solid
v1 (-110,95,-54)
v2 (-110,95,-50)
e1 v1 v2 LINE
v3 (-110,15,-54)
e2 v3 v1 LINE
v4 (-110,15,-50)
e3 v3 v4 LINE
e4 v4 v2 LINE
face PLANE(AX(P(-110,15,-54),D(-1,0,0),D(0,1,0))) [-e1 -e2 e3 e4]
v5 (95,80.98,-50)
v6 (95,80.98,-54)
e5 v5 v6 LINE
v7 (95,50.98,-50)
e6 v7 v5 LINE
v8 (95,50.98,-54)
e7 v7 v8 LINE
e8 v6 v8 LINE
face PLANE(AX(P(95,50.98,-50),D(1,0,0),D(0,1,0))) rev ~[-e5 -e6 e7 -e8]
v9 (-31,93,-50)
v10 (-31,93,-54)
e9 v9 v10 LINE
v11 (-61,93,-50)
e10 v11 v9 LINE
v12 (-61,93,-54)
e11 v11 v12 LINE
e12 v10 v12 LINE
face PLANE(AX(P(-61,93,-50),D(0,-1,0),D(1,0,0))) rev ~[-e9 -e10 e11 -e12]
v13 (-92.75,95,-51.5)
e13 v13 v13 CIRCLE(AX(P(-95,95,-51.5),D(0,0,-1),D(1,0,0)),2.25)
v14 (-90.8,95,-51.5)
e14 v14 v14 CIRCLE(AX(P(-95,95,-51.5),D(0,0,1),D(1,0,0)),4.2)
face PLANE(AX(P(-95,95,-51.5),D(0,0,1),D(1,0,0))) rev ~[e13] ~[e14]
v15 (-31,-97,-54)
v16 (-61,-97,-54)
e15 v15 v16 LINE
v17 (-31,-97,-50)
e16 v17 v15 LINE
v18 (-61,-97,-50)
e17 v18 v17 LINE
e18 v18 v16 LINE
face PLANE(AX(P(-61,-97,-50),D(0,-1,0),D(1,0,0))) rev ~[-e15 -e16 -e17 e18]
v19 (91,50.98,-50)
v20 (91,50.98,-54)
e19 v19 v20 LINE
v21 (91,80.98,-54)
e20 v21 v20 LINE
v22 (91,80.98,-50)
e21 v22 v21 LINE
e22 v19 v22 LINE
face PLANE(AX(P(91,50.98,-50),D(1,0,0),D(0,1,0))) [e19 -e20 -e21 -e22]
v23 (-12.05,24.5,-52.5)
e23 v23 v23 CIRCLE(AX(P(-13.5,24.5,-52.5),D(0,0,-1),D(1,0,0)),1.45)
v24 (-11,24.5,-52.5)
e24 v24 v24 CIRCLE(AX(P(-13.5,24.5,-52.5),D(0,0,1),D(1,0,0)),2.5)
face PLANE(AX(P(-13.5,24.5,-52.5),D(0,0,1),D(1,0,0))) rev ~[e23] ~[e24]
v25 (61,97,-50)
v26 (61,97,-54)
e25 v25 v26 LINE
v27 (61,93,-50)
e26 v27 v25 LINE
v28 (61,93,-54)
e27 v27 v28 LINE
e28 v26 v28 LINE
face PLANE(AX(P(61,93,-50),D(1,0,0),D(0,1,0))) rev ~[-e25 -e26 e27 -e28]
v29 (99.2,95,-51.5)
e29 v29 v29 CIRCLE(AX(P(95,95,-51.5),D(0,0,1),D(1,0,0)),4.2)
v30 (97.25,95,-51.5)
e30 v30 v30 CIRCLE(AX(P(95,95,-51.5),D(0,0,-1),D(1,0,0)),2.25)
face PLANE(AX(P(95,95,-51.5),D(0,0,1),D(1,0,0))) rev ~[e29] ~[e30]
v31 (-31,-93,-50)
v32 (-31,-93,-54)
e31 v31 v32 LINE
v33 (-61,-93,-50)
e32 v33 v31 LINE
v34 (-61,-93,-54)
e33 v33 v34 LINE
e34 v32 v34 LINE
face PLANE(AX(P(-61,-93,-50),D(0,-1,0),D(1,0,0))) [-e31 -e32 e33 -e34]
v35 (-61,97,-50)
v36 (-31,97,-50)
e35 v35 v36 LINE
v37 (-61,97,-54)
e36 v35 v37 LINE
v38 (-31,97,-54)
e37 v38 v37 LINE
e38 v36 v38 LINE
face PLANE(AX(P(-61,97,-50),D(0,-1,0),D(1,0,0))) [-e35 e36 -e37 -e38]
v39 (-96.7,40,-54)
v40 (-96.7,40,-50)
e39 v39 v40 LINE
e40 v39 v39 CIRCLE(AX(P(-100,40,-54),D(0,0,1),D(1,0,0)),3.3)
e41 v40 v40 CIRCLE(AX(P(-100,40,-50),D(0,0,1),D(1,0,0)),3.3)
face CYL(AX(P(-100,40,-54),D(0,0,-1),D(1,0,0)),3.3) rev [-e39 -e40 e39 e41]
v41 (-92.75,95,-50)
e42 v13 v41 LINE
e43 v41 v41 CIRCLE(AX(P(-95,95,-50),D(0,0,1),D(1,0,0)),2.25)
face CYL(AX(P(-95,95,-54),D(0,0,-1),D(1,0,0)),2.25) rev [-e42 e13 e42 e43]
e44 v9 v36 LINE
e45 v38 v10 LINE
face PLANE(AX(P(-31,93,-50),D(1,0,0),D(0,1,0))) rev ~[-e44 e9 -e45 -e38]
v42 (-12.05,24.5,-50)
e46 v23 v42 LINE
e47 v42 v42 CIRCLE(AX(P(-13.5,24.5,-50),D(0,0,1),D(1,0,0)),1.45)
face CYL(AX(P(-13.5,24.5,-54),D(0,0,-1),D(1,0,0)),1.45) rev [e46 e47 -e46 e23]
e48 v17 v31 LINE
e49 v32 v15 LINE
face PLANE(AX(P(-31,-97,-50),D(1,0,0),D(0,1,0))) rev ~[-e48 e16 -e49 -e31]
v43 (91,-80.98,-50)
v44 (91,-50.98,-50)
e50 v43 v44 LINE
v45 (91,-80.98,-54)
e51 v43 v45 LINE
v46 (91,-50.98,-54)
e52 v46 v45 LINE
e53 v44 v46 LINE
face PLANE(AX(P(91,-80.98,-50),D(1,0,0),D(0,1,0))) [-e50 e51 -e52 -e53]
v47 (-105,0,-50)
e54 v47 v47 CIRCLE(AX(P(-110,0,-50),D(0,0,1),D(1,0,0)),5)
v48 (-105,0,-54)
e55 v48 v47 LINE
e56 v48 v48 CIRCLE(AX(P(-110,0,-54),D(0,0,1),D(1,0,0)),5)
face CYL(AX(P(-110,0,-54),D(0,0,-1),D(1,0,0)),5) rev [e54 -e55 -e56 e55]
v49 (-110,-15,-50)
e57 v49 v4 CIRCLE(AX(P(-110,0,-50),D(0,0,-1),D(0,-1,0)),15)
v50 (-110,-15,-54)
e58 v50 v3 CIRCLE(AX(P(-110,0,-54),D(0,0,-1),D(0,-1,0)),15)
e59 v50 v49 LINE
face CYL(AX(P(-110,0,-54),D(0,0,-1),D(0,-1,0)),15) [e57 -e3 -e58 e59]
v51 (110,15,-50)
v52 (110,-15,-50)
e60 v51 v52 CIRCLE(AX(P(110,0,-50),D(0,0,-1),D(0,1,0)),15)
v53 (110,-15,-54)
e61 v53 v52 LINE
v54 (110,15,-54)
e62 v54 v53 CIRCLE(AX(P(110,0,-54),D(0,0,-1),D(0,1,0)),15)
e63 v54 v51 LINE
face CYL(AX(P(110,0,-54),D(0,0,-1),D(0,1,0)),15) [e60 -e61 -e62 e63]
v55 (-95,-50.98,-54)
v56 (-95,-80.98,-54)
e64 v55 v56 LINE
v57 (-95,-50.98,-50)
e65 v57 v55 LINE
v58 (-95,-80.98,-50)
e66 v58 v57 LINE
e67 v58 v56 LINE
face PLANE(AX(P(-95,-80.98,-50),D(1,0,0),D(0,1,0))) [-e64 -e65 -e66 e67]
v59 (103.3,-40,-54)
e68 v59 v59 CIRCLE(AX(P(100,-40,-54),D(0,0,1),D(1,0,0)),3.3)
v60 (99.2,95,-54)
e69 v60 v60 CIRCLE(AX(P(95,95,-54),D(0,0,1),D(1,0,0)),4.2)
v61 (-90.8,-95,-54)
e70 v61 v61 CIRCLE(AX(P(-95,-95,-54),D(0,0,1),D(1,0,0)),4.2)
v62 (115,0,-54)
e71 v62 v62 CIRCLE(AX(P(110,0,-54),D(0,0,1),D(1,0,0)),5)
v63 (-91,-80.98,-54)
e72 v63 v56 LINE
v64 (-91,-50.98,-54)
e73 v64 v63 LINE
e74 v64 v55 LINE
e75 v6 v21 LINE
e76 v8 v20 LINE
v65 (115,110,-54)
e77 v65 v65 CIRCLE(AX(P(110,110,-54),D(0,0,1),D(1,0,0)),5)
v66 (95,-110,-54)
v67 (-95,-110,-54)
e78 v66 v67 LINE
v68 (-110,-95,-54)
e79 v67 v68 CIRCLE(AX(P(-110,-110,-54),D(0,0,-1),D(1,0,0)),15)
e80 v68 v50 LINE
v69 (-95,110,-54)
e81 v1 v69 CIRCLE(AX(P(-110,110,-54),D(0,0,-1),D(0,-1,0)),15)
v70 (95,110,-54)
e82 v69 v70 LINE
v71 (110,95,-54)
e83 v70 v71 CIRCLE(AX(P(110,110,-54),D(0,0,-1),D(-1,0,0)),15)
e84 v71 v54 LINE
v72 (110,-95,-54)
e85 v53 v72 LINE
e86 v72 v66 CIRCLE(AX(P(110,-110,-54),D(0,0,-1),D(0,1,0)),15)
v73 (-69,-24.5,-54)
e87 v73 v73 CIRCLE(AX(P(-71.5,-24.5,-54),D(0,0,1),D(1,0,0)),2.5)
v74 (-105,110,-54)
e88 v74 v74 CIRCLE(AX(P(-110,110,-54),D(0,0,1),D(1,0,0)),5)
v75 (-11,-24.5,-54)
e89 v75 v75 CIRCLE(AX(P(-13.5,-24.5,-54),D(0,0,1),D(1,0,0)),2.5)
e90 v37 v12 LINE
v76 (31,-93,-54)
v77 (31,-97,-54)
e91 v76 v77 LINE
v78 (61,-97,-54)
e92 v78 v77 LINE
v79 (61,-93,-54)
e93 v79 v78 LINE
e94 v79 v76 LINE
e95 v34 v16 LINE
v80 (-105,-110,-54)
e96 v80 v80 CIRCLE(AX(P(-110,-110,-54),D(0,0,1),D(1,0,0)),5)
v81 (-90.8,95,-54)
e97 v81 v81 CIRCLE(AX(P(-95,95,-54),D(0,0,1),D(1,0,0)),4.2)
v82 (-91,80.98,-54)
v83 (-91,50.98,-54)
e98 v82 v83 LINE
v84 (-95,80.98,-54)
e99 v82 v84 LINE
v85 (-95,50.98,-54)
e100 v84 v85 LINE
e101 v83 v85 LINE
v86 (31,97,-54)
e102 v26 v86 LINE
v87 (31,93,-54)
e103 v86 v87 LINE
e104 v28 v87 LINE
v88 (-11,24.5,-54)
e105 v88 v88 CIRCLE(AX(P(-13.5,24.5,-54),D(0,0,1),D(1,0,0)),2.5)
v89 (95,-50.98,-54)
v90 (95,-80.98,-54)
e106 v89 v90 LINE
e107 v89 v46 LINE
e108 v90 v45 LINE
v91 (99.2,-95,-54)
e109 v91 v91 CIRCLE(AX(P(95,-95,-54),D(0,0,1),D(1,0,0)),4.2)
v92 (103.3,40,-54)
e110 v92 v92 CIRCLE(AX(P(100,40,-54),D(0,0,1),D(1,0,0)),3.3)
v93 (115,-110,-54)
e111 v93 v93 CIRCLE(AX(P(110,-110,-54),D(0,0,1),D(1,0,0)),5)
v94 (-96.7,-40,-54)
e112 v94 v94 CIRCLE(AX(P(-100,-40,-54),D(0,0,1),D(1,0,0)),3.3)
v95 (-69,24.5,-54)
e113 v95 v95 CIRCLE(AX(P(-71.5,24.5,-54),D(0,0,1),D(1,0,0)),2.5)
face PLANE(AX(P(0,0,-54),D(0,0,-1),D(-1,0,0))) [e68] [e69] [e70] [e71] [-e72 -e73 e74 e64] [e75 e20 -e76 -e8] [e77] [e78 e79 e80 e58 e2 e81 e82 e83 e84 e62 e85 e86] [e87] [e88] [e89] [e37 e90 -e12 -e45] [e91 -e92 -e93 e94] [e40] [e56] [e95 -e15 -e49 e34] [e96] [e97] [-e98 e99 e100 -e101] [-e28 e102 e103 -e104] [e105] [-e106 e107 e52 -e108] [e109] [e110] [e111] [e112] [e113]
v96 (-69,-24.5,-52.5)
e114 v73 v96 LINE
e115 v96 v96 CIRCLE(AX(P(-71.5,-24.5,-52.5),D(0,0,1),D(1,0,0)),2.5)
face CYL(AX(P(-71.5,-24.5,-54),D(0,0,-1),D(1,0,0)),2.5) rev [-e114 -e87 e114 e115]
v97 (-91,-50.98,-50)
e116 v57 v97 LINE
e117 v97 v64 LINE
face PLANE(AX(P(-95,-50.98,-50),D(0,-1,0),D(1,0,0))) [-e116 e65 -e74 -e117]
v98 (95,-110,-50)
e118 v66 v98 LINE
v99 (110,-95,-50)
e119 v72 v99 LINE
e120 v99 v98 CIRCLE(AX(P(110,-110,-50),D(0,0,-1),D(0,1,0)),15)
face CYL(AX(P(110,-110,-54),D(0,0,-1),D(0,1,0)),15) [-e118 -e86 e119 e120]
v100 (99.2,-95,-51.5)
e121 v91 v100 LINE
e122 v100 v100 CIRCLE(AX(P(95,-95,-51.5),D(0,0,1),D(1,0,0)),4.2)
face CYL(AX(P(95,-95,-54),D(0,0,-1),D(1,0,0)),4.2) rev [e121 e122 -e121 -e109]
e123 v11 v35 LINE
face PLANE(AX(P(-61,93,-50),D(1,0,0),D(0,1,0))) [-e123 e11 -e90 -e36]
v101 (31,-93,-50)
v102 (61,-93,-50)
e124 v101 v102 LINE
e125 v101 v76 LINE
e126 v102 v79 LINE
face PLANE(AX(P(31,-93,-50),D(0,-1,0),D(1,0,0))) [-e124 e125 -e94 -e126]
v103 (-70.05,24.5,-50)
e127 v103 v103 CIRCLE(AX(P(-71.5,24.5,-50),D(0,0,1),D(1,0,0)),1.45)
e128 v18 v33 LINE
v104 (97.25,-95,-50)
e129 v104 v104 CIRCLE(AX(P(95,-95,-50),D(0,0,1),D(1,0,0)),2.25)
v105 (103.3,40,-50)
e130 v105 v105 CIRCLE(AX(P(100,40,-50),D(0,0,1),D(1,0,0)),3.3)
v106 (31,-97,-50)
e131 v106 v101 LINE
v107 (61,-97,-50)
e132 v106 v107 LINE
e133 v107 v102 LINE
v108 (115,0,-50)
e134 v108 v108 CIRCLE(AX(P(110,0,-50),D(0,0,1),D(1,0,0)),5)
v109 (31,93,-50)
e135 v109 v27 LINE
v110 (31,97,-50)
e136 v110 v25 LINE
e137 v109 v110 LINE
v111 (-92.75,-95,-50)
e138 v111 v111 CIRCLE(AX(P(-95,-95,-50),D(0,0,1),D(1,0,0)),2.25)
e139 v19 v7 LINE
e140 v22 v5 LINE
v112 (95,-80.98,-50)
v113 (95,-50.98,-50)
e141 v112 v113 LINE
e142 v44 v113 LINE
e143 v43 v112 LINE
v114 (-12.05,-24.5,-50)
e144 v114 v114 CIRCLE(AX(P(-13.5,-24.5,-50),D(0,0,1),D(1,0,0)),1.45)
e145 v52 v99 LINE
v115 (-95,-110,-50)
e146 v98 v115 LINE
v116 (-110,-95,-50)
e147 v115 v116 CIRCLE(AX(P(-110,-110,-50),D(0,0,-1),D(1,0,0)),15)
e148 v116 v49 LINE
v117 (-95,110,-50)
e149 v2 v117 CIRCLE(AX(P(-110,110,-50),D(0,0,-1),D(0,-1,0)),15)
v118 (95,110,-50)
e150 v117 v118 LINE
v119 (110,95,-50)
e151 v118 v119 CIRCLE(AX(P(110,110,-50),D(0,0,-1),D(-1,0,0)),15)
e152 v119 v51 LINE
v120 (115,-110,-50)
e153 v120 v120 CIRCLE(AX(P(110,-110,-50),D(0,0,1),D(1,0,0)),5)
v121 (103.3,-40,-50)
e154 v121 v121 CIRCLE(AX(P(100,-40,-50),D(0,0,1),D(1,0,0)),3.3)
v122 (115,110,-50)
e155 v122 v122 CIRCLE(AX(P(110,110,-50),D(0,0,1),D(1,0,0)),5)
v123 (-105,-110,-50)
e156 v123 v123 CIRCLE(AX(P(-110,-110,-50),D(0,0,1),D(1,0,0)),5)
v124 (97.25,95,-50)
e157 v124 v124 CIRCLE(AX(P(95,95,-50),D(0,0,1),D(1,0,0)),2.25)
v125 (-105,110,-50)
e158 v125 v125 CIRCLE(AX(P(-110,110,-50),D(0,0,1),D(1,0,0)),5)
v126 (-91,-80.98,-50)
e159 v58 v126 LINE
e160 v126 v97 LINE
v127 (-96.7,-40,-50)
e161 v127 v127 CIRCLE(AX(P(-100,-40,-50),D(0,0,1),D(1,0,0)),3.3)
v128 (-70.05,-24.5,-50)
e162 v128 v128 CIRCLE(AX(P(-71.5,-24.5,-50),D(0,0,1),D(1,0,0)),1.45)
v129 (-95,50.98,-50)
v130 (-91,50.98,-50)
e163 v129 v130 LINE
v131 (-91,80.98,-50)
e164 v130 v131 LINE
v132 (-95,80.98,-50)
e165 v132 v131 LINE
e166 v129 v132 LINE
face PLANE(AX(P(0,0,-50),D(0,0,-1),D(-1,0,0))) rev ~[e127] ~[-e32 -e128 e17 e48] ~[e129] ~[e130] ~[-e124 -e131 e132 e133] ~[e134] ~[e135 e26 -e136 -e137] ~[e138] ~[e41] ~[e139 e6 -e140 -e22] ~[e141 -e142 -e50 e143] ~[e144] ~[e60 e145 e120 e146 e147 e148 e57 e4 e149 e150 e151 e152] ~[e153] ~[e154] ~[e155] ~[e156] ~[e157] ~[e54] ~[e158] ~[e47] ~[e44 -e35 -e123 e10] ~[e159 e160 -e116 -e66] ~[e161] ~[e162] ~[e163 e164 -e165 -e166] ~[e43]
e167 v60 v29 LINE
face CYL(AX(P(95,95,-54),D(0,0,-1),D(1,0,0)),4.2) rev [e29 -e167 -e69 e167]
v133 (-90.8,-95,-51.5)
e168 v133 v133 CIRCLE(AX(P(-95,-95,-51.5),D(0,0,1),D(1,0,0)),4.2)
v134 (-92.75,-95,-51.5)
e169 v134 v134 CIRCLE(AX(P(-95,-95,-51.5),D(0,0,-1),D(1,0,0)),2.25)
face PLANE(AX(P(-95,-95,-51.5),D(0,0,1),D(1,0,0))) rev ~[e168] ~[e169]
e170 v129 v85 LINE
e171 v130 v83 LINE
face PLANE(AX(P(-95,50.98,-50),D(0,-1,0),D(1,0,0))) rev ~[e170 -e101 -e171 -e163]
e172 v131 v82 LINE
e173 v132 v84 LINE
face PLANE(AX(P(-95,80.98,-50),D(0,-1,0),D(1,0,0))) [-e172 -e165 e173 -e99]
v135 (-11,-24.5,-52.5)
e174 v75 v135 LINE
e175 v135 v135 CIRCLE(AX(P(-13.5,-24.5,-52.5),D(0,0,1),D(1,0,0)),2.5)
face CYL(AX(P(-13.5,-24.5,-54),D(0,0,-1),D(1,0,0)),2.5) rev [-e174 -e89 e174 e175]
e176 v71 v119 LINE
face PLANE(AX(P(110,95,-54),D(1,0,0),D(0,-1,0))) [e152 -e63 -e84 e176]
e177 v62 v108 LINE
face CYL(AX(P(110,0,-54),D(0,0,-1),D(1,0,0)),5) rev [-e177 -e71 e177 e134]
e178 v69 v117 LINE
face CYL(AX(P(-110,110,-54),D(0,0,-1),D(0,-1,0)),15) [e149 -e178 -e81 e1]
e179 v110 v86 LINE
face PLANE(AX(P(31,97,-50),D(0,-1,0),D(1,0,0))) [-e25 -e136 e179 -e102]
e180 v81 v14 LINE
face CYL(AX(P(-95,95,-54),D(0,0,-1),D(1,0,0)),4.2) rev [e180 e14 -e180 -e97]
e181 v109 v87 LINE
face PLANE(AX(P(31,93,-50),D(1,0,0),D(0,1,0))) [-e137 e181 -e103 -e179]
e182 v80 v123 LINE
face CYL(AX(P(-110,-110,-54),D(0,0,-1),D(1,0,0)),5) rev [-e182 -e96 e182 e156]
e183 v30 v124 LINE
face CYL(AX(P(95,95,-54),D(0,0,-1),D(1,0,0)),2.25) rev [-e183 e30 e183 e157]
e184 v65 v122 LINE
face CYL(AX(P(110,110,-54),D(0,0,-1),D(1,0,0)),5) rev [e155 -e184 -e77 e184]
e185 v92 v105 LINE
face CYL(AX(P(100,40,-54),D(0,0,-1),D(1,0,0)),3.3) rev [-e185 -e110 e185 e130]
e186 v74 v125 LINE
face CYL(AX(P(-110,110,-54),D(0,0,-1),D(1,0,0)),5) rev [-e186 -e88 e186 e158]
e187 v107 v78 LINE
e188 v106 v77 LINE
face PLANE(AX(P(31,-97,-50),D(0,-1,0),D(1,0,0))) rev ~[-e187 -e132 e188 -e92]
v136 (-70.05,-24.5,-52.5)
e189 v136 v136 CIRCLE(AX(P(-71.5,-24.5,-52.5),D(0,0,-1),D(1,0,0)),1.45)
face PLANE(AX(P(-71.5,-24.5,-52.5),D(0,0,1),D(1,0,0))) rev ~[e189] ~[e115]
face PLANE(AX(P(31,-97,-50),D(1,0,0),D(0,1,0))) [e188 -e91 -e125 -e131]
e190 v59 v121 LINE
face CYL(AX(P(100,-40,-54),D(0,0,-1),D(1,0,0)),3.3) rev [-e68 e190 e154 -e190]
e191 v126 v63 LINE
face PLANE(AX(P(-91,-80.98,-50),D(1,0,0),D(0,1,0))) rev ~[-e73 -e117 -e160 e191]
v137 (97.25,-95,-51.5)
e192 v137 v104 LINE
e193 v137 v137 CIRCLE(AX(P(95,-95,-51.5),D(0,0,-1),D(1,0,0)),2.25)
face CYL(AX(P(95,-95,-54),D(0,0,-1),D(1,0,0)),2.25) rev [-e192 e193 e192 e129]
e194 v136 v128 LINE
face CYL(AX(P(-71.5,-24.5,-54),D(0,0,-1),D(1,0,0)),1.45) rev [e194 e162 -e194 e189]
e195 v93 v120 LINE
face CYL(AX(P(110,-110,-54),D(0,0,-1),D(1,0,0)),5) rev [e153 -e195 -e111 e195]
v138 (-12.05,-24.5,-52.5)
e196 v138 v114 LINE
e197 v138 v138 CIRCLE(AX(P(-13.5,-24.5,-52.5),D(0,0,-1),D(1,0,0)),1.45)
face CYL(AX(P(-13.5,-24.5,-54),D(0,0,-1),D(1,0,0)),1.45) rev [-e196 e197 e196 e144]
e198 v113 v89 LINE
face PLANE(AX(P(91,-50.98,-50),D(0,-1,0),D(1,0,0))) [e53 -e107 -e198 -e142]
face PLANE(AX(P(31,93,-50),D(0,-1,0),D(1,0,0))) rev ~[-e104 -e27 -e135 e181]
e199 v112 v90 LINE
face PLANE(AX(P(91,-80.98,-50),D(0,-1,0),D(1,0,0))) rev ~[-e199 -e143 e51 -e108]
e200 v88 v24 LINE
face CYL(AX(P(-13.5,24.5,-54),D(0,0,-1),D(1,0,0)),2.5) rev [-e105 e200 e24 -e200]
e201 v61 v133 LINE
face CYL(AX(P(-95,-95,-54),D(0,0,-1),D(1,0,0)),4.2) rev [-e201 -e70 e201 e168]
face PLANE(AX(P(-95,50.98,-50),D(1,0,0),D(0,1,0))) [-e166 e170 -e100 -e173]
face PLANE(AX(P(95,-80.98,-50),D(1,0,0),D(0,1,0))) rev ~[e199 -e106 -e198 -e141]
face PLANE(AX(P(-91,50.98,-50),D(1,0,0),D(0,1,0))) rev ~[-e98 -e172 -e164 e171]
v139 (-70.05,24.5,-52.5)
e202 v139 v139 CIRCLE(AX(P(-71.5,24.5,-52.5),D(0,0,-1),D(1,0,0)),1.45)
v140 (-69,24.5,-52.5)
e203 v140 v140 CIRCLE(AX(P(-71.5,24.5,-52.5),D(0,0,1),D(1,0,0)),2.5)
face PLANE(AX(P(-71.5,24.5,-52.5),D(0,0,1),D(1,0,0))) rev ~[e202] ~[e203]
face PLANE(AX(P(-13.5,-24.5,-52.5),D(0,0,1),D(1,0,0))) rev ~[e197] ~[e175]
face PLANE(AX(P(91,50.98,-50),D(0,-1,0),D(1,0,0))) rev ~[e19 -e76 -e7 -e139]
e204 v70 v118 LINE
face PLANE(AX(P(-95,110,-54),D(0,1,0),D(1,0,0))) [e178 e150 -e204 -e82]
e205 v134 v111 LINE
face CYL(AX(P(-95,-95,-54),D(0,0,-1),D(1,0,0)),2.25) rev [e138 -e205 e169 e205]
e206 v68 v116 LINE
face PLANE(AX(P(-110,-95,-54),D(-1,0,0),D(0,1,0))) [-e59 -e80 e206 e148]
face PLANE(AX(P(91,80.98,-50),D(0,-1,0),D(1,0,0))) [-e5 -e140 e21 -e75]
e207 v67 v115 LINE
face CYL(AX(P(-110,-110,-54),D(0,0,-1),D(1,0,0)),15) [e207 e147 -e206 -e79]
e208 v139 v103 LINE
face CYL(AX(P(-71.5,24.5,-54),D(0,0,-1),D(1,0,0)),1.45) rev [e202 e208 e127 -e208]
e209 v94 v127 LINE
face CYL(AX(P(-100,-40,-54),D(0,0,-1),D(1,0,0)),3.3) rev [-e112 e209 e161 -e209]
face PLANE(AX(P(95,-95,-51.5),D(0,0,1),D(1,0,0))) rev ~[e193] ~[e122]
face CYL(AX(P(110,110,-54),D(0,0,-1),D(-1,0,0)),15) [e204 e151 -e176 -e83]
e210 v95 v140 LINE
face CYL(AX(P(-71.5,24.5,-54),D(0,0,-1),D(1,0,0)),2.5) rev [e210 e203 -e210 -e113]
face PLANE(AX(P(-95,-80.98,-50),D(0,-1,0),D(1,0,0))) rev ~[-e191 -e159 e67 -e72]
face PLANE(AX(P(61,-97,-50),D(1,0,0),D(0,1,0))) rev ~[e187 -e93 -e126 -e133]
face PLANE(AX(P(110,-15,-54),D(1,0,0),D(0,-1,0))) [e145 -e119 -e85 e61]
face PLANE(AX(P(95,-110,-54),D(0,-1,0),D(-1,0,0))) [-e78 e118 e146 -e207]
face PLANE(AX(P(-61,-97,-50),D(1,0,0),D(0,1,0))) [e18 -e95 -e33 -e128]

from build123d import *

# Parameters (mm, degrees)
FONDO_START                   = -54
SK_FONDO_R                    = 5
FONDO_DEPTH                   = 4
PASANTES_M4_SEPARADORES_START = -54
SK_PASANTES_M4_SEPARADORES_R  = 2.25
PASANTES_M4_SEPARADORES_DEPTH = 4
AVELLANADO_M4_START           = -54
SK_AVELLANADO_M4_R            = 4.2
AVELLANADO_M4_DEPTH           = 2.5
PASANTES_M2_5_RPI_START       = -54
SK_PASANTES_M2_5_RPI_R        = 1.45
PASANTES_M2_5_RPI_DEPTH       = 4
AVELLANADO_M2_5_START         = -54
SK_AVELLANADO_M2_5_R          = 2.5
AVELLANADO_M2_5_DEPTH         = 1.5
AGUJEROS_ANCLAJE_START        = -54
SK_AGUJEROS_ANCLAJE_R         = 3.3
AGUJEROS_ANCLAJE_DEPTH        = 4
CROQUIS3_W                    = 30
CROQUIS3_H                    = 4
CROQUIS3_W_2                  = 4
CROQUIS3_H_2                  = 30
CORTAR_EXTRUIR1_DEPTH         = 177.821944339


with BuildPart() as part:
    # Sk_Fondo → Fondo (new body)
    with BuildSketch(Plane.XY.offset(FONDO_START)):
        with BuildLine():
            Line((-110, 15), (-110, 95))
            ThreePointArc((-110, 95), (-120.606601718, 120.606601718), (-95, 110))
            Line((-95, 110), (95, 110))
            ThreePointArc((95, 110), (120.606601718, 120.606601718), (110, 95))
            Line((110, 95), (110, 15))
            ThreePointArc((110, 15), (125, 0), (110, -15))
            Line((110, -15), (110, -95))
            ThreePointArc((110, -95), (120.606601718, -120.606601718), (95, -110))
            Line((95, -110), (-95, -110))
            ThreePointArc((-95, -110), (-120.606601718, -120.606601718), (-110, -95))
            Line((-110, -95), (-110, -15))
            ThreePointArc((-110, -15), (-125, 0), (-110, 15))
        make_face()
        with Locations((-110, 110)):
            Circle(SK_FONDO_R, mode=Mode.SUBTRACT)
        with Locations((110, 110)):
            Circle(SK_FONDO_R, mode=Mode.SUBTRACT)
        with Locations((110, 0)):
            Circle(SK_FONDO_R, mode=Mode.SUBTRACT)
        with Locations((110, -110)):
            Circle(SK_FONDO_R, mode=Mode.SUBTRACT)
        with Locations((-110, -110)):
            Circle(SK_FONDO_R, mode=Mode.SUBTRACT)
        with Locations((-110, 0)):
            Circle(SK_FONDO_R, mode=Mode.SUBTRACT)
    extrude(amount=FONDO_DEPTH)

    # Sk_Pasantes_M4_separadores → Pasantes_M4_separadores (cut)
    with BuildSketch(Plane.XY.offset(PASANTES_M4_SEPARADORES_START)):
        with Locations((-95, -95)):
            Circle(SK_PASANTES_M4_SEPARADORES_R)
        with Locations((-95, 95)):
            Circle(SK_PASANTES_M4_SEPARADORES_R)
        with Locations((95, -95)):
            Circle(SK_PASANTES_M4_SEPARADORES_R)
        with Locations((95, 95)):
            Circle(SK_PASANTES_M4_SEPARADORES_R)
    extrude(amount=PASANTES_M4_SEPARADORES_DEPTH, mode=Mode.SUBTRACT)

    # Sk_Avellanado_M4 → Avellanado_M4 (cut)
    with BuildSketch(Plane.XY.offset(AVELLANADO_M4_START)):
        with Locations((-95, -95)):
            Circle(SK_AVELLANADO_M4_R)
        with Locations((-95, 95)):
            Circle(SK_AVELLANADO_M4_R)
        with Locations((95, -95)):
            Circle(SK_AVELLANADO_M4_R)
        with Locations((95, 95)):
            Circle(SK_AVELLANADO_M4_R)
    extrude(amount=AVELLANADO_M4_DEPTH, mode=Mode.SUBTRACT)

    # Sk_Pasantes_M2-5_RPi → Pasantes_M2-5_RPi (cut)
    with BuildSketch(Plane.XY.offset(PASANTES_M2_5_RPI_START)):
        with Locations((-13.5, -24.5)):
            Circle(SK_PASANTES_M2_5_RPI_R)
        with Locations((-13.5, 24.5)):
            Circle(SK_PASANTES_M2_5_RPI_R)
        with Locations((-71.5, -24.5)):
            Circle(SK_PASANTES_M2_5_RPI_R)
        with Locations((-71.5, 24.5)):
            Circle(SK_PASANTES_M2_5_RPI_R)
    extrude(amount=PASANTES_M2_5_RPI_DEPTH, mode=Mode.SUBTRACT)

    # Sk_Avellanado_M2-5 → Avellanado_M2-5 (cut)
    with BuildSketch(Plane.XY.offset(AVELLANADO_M2_5_START)):
        with Locations((-13.5, -24.5)):
            Circle(SK_AVELLANADO_M2_5_R)
        with Locations((-13.5, 24.5)):
            Circle(SK_AVELLANADO_M2_5_R)
        with Locations((-71.5, -24.5)):
            Circle(SK_AVELLANADO_M2_5_R)
        with Locations((-71.5, 24.5)):
            Circle(SK_AVELLANADO_M2_5_R)
    extrude(amount=AVELLANADO_M2_5_DEPTH, mode=Mode.SUBTRACT)

    # Sk_Agujeros_anclaje → Agujeros_anclaje (cut)
    with BuildSketch(Plane.XY.offset(AGUJEROS_ANCLAJE_START)):
        with Locations((-100, -40)):
            Circle(SK_AGUJEROS_ANCLAJE_R)
        with Locations((-100, 40)):
            Circle(SK_AGUJEROS_ANCLAJE_R)
        with Locations((100, -40)):
            Circle(SK_AGUJEROS_ANCLAJE_R)
        with Locations((100, 40)):
            Circle(SK_AGUJEROS_ANCLAJE_R)
    extrude(amount=AGUJEROS_ANCLAJE_DEPTH, mode=Mode.SUBTRACT)

    # Croquis3 → Cortar-Extruir1 (cut, through all)
    with BuildSketch(Plane.XY.offset(-50)):
        with Locations((-46, -95)):
            Rectangle(CROQUIS3_W, CROQUIS3_H)
        with Locations((46, -95)):
            Rectangle(CROQUIS3_W, CROQUIS3_H)
        with Locations((46, 95)):
            Rectangle(CROQUIS3_W, CROQUIS3_H)
        with Locations((-46, 95)):
            Rectangle(CROQUIS3_W, CROQUIS3_H)
        with Locations((-93, -65.98)):
            Rectangle(CROQUIS3_W_2, CROQUIS3_H_2)
        with Locations((-93, 65.98)):
            Rectangle(CROQUIS3_W_2, CROQUIS3_H_2)
        with Locations((93, 65.98)):
            Rectangle(CROQUIS3_W_2, CROQUIS3_H_2)
        with Locations((93, -65.98)):
            Rectangle(CROQUIS3_W_2, CROQUIS3_H_2)
    extrude(amount=-CORTAR_EXTRUIR1_DEPTH, mode=Mode.SUBTRACT)


solid = part.part
